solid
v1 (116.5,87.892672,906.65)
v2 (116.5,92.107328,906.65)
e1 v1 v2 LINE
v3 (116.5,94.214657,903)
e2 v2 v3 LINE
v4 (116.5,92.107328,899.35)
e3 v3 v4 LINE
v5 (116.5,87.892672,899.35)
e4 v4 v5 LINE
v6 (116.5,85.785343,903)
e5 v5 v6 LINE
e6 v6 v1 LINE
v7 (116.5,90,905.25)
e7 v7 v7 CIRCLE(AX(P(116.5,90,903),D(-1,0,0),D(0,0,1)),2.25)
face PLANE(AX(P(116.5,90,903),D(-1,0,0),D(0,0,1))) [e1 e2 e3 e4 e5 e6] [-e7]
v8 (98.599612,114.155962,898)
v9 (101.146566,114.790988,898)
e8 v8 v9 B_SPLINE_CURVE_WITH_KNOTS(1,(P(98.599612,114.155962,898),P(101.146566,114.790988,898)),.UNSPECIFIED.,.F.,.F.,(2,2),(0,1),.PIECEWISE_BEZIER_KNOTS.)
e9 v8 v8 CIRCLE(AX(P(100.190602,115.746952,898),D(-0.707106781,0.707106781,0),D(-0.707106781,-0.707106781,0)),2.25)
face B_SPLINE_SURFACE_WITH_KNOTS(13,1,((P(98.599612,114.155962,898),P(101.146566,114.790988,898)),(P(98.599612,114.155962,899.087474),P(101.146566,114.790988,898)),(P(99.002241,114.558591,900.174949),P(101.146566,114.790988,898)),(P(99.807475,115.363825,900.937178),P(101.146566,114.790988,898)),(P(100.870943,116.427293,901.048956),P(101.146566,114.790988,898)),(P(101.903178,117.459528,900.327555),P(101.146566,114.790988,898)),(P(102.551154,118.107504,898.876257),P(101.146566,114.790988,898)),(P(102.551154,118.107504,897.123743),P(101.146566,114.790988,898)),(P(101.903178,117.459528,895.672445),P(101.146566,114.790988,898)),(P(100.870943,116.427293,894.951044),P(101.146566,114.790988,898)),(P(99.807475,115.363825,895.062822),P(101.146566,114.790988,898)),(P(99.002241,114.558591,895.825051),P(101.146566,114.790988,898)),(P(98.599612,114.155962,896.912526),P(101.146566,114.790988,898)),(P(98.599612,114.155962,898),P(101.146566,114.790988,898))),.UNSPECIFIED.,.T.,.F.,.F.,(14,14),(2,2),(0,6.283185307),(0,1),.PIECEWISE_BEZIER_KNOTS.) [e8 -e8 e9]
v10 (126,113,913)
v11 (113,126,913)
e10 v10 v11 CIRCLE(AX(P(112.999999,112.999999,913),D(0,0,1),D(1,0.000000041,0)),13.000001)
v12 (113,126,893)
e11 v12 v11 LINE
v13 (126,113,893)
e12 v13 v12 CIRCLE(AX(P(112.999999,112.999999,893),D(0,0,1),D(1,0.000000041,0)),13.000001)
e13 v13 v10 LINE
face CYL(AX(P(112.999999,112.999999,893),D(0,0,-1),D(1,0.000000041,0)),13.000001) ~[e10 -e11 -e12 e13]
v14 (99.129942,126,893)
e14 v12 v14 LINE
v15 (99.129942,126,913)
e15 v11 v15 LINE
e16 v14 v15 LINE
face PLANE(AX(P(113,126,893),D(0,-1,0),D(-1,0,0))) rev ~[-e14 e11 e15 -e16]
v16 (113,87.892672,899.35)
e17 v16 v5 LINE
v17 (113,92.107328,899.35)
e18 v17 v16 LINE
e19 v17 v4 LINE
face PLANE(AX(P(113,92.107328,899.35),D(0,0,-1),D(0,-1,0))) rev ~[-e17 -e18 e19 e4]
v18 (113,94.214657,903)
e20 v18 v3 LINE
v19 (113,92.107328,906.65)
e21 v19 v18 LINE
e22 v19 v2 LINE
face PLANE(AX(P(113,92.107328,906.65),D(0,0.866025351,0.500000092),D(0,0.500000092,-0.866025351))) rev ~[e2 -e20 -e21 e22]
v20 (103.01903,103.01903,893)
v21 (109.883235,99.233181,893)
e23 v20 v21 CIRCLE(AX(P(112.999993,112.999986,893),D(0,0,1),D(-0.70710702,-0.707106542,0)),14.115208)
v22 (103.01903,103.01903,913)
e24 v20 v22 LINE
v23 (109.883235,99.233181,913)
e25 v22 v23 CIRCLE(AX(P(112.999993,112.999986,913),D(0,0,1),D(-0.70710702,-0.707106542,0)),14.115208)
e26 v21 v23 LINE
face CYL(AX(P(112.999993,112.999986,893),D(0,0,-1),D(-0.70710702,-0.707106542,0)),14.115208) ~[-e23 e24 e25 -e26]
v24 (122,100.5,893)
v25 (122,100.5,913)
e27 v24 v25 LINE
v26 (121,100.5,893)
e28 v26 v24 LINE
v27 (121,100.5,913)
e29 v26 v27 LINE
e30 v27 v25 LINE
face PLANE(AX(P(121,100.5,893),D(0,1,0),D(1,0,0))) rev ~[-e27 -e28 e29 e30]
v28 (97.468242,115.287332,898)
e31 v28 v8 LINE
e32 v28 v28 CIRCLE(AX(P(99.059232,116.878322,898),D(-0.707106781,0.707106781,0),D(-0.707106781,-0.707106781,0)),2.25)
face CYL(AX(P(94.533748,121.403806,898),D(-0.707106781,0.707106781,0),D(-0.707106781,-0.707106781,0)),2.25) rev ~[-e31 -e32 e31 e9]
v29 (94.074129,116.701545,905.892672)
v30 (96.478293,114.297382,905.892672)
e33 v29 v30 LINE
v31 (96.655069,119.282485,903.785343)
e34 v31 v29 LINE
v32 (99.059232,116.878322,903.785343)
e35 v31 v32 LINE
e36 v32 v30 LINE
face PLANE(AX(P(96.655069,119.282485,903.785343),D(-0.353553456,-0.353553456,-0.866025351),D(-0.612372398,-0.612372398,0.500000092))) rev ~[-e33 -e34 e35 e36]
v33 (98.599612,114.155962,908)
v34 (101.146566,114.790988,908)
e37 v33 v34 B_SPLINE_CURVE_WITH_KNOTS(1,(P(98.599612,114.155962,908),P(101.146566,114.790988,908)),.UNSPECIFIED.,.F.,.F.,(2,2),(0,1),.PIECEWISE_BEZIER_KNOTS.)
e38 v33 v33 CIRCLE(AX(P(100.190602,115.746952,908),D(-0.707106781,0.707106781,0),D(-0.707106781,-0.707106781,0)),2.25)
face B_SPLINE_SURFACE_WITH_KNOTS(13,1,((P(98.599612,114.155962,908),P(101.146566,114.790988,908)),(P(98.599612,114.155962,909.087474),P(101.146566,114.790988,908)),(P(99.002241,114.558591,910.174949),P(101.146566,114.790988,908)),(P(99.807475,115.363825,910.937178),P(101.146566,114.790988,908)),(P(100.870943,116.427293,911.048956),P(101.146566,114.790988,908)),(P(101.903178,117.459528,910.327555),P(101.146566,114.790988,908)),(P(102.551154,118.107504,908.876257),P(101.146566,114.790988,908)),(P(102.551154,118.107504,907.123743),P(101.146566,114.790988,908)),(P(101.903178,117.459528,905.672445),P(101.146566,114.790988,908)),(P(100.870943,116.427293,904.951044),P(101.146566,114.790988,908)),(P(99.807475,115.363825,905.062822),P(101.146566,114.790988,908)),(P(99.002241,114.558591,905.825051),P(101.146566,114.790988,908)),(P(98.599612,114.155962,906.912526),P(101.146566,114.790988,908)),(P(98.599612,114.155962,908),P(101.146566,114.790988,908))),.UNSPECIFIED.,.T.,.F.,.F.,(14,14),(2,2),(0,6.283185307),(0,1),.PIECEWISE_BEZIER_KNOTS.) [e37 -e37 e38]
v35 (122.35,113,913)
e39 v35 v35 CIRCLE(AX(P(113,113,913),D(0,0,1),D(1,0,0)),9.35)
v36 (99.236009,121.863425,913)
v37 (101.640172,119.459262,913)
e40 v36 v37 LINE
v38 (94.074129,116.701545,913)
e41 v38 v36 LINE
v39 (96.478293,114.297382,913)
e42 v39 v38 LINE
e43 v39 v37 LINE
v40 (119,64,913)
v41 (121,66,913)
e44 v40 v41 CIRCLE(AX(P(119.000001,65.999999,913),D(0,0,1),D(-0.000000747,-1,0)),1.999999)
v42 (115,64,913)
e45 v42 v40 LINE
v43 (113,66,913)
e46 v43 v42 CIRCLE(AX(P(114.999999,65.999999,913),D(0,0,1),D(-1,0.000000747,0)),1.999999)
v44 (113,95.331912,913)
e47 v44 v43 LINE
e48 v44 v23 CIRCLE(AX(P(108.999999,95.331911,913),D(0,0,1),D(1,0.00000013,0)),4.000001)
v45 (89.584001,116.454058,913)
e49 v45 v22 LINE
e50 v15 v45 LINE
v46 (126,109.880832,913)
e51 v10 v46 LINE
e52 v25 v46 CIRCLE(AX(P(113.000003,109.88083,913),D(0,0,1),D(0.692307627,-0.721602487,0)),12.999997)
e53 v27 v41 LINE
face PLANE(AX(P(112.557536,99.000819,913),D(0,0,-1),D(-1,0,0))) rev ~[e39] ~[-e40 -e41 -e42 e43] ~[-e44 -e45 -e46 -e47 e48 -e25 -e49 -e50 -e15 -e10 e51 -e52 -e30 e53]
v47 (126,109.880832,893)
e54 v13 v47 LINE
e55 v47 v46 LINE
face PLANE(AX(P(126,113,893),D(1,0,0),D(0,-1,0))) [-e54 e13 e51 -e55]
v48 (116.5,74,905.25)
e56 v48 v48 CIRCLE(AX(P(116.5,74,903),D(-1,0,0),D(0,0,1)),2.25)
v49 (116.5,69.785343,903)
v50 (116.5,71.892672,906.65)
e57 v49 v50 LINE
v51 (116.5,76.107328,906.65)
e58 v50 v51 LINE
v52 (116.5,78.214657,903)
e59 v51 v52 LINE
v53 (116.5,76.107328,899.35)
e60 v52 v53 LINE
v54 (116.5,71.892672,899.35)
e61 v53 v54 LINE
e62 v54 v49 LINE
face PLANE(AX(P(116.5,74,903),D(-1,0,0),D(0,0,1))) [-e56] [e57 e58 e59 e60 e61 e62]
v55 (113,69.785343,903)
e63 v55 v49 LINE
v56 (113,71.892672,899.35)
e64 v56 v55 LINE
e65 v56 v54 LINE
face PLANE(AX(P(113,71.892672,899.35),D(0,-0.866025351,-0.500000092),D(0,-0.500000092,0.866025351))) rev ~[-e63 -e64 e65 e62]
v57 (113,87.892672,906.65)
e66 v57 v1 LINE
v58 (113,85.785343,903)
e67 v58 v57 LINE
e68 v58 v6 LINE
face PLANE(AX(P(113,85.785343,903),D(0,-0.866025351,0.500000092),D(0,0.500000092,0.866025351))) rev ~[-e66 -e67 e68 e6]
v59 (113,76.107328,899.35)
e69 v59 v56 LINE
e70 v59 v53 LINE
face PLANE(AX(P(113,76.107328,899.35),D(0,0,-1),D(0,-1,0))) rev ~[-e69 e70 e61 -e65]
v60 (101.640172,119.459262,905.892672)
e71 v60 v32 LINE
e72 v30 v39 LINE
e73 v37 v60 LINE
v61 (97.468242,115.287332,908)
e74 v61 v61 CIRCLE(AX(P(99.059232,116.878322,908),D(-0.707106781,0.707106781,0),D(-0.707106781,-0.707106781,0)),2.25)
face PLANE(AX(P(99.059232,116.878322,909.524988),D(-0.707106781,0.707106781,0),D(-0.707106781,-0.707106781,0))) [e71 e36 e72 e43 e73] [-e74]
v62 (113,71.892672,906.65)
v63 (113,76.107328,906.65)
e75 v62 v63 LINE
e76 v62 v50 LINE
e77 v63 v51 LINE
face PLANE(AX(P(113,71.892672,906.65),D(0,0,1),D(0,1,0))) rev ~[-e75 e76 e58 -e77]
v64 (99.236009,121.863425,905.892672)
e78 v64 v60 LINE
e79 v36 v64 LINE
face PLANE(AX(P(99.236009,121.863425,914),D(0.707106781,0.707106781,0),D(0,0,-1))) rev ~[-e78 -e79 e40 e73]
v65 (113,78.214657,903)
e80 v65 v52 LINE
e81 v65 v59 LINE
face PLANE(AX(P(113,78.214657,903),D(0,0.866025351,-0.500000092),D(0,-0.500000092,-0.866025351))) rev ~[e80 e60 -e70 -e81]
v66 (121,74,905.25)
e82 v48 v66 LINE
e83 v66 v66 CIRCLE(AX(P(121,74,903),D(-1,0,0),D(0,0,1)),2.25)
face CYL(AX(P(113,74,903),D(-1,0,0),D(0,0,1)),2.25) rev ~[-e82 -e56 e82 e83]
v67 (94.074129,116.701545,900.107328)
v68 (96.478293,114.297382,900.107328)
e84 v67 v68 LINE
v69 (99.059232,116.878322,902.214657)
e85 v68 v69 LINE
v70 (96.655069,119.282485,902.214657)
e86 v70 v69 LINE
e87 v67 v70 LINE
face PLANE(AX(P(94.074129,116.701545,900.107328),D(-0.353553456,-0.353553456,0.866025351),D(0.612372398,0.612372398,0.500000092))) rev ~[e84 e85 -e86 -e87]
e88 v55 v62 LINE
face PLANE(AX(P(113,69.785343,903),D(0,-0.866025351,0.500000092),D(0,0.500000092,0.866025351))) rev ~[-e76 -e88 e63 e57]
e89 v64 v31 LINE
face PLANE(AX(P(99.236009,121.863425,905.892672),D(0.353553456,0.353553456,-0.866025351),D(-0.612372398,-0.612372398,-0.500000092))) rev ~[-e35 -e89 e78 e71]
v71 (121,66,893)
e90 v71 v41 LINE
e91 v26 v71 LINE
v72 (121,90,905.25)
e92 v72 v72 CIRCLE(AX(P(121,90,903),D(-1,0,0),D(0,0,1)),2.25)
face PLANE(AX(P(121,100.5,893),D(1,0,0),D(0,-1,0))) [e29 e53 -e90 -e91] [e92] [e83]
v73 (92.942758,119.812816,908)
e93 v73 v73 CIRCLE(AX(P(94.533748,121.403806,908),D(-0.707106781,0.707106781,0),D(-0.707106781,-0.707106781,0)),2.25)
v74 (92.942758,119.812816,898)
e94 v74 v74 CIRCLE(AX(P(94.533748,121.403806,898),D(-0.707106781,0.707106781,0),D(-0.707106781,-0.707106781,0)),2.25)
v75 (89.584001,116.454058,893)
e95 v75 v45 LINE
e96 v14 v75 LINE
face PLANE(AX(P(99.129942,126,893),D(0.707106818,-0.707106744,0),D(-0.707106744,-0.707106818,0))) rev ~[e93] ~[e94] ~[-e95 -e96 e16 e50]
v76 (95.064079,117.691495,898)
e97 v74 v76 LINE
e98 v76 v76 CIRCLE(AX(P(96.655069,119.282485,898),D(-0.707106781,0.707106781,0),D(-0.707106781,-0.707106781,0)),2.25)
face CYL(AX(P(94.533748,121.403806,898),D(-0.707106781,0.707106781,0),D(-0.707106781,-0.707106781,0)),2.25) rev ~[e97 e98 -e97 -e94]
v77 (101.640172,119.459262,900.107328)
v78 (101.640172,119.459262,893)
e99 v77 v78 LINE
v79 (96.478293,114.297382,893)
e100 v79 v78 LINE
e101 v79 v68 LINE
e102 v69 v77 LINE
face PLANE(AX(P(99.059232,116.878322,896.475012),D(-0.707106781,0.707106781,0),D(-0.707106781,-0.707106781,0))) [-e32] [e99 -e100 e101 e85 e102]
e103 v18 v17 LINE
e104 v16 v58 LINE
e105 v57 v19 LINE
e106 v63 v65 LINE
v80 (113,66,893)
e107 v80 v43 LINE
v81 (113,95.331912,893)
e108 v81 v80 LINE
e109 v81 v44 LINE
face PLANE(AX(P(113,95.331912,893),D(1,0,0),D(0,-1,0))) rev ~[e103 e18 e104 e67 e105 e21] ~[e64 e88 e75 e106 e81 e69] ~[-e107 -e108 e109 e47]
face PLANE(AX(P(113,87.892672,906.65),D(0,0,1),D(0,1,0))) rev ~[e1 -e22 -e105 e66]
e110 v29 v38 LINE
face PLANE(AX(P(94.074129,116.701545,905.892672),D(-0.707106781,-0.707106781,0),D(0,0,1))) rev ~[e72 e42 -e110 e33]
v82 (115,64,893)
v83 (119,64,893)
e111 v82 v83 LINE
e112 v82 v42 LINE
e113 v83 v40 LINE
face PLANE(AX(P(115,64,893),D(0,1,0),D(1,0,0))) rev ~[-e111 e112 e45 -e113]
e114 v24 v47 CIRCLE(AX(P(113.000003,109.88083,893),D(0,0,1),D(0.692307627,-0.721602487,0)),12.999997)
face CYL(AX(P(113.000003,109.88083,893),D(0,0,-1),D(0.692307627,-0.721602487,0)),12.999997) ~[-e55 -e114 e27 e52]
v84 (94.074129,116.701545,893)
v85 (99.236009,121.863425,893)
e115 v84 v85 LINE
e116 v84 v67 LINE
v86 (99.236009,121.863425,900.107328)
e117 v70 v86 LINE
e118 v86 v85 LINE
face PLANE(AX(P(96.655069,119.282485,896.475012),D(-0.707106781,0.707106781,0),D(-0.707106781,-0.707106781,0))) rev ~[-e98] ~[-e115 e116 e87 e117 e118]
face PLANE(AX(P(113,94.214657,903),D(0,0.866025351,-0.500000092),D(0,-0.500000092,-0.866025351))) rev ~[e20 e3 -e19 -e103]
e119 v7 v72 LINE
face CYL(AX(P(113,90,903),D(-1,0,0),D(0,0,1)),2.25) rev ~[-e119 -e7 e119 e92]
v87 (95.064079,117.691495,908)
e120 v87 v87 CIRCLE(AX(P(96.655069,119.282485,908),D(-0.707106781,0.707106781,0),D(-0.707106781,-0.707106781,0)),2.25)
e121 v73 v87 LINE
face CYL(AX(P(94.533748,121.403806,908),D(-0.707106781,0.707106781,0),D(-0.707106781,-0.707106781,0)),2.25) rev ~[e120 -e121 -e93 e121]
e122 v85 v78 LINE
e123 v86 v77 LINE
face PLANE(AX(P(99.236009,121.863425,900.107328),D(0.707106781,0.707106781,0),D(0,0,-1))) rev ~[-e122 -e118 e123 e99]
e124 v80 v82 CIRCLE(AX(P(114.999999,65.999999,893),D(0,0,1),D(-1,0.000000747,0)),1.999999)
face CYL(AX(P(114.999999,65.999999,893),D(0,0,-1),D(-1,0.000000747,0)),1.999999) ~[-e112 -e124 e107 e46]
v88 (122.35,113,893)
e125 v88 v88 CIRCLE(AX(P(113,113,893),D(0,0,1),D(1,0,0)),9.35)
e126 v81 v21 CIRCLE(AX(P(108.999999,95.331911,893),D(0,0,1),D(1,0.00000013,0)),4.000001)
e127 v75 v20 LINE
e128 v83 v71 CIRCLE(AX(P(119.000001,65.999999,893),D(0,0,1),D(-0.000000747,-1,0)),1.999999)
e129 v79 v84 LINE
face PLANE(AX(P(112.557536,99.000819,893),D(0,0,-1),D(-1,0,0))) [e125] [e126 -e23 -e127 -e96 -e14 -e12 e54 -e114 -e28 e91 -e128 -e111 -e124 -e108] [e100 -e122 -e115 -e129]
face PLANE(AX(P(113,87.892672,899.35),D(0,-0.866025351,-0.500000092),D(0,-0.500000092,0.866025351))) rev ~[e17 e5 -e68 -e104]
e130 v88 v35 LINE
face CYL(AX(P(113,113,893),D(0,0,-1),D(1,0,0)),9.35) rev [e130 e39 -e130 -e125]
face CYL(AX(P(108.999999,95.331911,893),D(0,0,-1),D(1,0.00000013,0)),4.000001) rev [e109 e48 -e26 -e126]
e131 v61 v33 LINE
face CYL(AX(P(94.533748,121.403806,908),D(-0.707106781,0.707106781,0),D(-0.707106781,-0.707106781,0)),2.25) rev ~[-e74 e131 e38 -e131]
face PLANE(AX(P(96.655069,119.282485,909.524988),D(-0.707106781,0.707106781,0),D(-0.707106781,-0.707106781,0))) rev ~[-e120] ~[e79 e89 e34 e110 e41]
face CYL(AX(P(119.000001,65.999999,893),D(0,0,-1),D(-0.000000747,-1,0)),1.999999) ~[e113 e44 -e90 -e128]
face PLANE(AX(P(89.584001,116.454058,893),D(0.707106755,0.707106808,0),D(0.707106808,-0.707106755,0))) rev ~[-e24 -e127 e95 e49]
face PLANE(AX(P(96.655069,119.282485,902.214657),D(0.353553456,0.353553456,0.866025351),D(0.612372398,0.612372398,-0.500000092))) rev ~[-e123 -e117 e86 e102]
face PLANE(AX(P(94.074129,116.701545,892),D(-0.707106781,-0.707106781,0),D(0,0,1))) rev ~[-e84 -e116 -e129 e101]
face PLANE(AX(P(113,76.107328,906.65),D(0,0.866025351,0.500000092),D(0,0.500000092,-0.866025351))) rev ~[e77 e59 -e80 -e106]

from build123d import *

# Parameters (mm, degrees)
SKETCH086_R     = 9.35
PAD031_DEPTH    = 20
SKETCH085_R     = 2.25
HOLE033_DEPTH   = 13.001
POCKET034_DEPTH = 3.5
SKETCH087_R     = 2.25
HOLE034_DEPTH   = 8
HOLE034_TIPS_R  = 2.25
POCKET097_DEPTH = 3.4


with BuildPart() as part:
    # Sketch086 → Pad031 (new body)
    with BuildSketch(Plane.XY):
        with BuildLine():
            Line((123.5, 100.5), (123.5, 66))
            ThreePointArc((121.5, 64), (122.914214, 64.585786), (123.5, 66))
            Line((117.5, 64), (121.5, 64))
            ThreePointArc((115.5, 66), (116.085786, 64.585786), (117.5, 64))
            Line((115.5, 95.331912), (115.5, 66))
            ThreePointArc((115.5, 95.331912), (114.625135, 97.828616), (112.383235, 99.233181))
            ThreePointArc((105.51903, 103.01903), (108.683048, 100.640036), (112.383235, 99.233181))
            Line((92.084001, 116.454058), (105.51903, 103.01903))
            Line((101.629942, 126), (92.084001, 116.454058))
            Line((115.5, 126), (101.629942, 126))
            ThreePointArc((128.5, 113), (124.692388, 122.192388), (115.5, 126))
            Line((128.5, 113), (128.5, 109.880832))
            ThreePointArc((124.5, 100.5), (127.458261, 104.781812), (128.5, 109.880832))
            Line((123.5, 100.5), (124.5, 100.5))
        make_face()
        with Locations((115.5, 113)):
            Circle(SKETCH086_R, mode=Mode.SUBTRACT)
    extrude(amount=PAD031_DEPTH)

    # Sketch085 (on DatumPlane) → Hole033 (cut, through all)
    with BuildSketch(Plane.ZY.offset(-115.5)):
        with Locations((10, 90)):
            Circle(SKETCH085_R)
        with Locations((10, 74)):
            Circle(SKETCH085_R)
    extrude(amount=-HOLE033_DEPTH, mode=Mode.SUBTRACT)

    # Sketch084 (on DatumPlane) → Pocket034 (cut)
    with BuildSketch(Plane.ZY.offset(-115.5)):
        Polygon((13.65, 87.892672), (13.65, 92.107328), (10, 94.214657), (6.35, 92.107328), (6.35, 87.892672), (10, 85.785343), align=None)
        Polygon((13.65, 76.107328), (10, 78.214657), (6.35, 76.107328), (6.35, 71.892672), (10, 69.785343), (13.65, 71.892672), align=None)
    extrude(amount=-POCKET034_DEPTH, mode=Mode.SUBTRACT)

    # Sketch087 (on DatumPlane) → Hole034 (cut)
    with BuildSketch(Plane(origin=(-12.185029, 12.185029, 0), x_dir=(-0.707107, -0.707107, 0), z_dir=(-0.707107, 0.707107, 0))):
        with Locations((-154.458676, 5)):
            Circle(SKETCH087_R)
        with Locations((-154.458676, 15)):
            Circle(SKETCH087_R)
    extrude(amount=-HOLE034_DEPTH, mode=Mode.SUBTRACT)

    # Hole034 tips → Hole034 tip 1 section 0
    with BuildSketch(Plane(origin=(-6.528175, 6.528175, 0), x_dir=(-0.707107, -0.707107, 0), z_dir=(-0.707107, 0.707107, 0)), mode=Mode.PRIVATE) as hole034_tip_1_s0:
        with Locations((-154.458676, 5)):
            Circle(HOLE034_TIPS_R)
    loft([hole034_tip_1_s0.sketch, Vertex(103.646566, 114.790988, 5)], mode=Mode.SUBTRACT)

    # Hole034 tips → Hole034 tip 2 section 0
    with BuildSketch(Plane(origin=(-6.528175, 6.528175, 0), x_dir=(-0.707107, -0.707107, 0), z_dir=(-0.707107, 0.707107, 0)), mode=Mode.PRIVATE) as hole034_tip_2_s0:
        with Locations((-154.458676, 15)):
            Circle(HOLE034_TIPS_R)
    loft([hole034_tip_2_s0.sketch, Vertex(103.646566, 114.790988, 15)], mode=Mode.SUBTRACT)

    # Sketch113 (on DatumPlane) → Pocket097 (cut)
    with BuildSketch(Plane(origin=(-10.063708, 10.063708, 0), x_dir=(-0.707107, -0.707107, 0), z_dir=(-0.707107, 0.707107, 0))):
        Polygon((-158.108676, 12.892672), (-154.458676, 10.785343), (-150.808676, 12.892672), (-150.808676, 21), (-158.108676, 21), align=None)
        Polygon((-150.808676, 7.107328), (-154.458676, 9.214657), (-158.108676, 7.107328), (-158.108676, -1), (-150.808676, -1), align=None)
    extrude(amount=-POCKET097_DEPTH, mode=Mode.SUBTRACT)


with BuildPart() as part_1:
    # Body022007 placement: moved
    add(part.part.moved(Location((-2.5, 0, 893))))


solid = part_1.part
